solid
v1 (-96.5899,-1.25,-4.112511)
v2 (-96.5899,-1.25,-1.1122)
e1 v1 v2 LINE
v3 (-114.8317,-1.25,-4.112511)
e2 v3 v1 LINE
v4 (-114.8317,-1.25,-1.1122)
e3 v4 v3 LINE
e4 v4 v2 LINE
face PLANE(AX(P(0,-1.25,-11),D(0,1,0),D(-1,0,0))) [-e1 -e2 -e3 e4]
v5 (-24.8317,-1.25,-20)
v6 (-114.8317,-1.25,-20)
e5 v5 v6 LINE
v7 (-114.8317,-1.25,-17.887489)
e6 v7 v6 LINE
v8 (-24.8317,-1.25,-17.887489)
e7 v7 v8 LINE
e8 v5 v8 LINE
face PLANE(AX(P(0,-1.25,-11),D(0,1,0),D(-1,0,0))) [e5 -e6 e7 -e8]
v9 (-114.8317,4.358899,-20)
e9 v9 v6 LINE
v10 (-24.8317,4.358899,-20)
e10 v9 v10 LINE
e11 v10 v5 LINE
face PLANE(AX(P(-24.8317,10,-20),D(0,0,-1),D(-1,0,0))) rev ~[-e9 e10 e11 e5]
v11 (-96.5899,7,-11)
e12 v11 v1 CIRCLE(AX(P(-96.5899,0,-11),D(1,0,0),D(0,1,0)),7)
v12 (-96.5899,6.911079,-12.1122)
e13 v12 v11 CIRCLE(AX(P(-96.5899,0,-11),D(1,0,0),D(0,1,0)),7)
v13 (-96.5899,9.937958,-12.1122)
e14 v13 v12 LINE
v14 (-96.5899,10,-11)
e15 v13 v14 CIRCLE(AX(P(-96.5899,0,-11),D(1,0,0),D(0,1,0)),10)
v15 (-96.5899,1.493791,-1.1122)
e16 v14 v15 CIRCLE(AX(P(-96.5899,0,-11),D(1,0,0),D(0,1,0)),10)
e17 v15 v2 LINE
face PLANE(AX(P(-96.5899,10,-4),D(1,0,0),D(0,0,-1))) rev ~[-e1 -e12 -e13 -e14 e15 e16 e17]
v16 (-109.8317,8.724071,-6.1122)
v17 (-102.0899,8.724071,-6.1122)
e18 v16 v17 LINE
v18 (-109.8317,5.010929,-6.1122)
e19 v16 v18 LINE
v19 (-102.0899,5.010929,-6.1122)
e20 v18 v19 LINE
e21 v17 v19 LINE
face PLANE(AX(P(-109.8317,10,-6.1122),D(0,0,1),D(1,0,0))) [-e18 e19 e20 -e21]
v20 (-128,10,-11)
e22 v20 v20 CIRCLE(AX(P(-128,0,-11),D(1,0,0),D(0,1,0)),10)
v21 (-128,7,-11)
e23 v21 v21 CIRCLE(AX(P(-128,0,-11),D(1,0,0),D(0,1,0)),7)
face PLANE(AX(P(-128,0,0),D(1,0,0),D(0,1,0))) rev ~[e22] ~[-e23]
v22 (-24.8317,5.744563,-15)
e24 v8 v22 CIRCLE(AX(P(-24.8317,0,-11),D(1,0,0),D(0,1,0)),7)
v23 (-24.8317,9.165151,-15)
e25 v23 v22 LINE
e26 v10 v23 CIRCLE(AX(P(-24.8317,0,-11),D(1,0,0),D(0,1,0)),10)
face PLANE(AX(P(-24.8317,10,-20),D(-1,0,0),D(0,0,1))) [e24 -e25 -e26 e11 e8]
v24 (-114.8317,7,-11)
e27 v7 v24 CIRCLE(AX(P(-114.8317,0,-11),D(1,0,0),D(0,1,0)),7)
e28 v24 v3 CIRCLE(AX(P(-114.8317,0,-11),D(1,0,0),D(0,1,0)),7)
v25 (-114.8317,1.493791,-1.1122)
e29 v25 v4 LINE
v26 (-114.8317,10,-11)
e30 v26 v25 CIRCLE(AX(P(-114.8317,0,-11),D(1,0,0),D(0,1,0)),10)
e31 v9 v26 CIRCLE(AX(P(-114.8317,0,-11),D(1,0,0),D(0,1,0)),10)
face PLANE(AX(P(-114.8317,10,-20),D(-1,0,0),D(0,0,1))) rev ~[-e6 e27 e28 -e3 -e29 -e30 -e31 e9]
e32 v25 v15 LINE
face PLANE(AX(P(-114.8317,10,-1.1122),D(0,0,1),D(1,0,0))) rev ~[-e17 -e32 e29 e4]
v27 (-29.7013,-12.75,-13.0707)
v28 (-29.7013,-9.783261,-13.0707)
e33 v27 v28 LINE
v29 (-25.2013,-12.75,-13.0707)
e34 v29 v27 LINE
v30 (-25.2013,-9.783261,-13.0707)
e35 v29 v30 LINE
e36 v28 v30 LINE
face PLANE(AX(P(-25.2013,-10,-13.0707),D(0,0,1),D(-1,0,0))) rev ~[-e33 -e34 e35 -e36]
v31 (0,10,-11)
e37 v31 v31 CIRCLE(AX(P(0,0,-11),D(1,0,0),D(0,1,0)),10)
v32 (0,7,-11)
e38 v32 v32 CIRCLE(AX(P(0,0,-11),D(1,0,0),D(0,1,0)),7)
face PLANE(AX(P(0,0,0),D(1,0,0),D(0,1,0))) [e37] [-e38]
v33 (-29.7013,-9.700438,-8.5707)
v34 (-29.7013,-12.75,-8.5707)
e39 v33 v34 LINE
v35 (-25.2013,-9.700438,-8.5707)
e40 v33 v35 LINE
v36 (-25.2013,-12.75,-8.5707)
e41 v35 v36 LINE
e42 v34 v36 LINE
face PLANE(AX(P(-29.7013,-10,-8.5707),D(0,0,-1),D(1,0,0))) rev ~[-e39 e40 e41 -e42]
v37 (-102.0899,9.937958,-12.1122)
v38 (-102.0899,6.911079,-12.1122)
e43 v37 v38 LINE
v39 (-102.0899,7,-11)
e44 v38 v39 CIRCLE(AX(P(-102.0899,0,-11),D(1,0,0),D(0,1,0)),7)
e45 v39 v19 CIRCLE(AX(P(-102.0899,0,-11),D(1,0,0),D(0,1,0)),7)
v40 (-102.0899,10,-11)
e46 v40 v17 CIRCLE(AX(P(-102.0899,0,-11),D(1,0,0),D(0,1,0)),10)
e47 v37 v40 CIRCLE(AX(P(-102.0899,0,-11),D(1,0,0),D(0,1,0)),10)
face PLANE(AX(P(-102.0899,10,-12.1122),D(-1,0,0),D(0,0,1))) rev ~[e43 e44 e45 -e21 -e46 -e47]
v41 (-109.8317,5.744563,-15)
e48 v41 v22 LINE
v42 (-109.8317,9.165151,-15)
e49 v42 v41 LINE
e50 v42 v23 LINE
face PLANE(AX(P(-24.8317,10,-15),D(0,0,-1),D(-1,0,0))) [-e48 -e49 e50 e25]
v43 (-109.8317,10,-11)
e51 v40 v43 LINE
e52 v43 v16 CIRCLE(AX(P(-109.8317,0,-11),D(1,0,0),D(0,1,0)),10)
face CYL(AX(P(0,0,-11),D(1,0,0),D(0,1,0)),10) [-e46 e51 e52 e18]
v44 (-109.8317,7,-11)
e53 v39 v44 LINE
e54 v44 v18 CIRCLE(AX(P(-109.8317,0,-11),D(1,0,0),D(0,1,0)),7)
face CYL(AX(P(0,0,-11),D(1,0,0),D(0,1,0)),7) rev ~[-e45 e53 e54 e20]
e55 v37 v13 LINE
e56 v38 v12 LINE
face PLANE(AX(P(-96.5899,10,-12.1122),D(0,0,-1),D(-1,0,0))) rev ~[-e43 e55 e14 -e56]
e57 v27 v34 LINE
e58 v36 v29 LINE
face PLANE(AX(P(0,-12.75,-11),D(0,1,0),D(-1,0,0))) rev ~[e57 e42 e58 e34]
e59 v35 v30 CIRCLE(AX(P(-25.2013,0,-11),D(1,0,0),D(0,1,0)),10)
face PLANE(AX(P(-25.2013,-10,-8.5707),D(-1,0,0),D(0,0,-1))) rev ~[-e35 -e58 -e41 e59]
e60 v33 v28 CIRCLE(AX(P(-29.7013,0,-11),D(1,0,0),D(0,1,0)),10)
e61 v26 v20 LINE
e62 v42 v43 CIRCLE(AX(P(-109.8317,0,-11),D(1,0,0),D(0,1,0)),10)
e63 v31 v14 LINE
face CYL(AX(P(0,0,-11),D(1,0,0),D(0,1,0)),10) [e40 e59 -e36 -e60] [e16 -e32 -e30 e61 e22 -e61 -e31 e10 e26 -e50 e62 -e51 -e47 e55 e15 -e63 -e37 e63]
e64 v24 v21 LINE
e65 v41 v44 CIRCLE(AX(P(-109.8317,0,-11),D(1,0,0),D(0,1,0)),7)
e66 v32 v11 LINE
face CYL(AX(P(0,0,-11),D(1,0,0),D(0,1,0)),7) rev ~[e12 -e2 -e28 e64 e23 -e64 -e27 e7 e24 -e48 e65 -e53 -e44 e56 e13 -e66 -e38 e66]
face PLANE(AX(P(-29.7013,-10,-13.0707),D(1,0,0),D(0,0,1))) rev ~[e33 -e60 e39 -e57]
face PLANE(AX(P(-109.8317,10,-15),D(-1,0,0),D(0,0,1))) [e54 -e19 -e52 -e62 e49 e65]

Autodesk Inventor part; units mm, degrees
ref_plane "YZ Plane" through (0, 0, 0) normal (1, 0, 0) x (0, 1, 0)
ref_plane "XY Plane" through (0, 0, 0) normal (0, 0, 1) x (1, 0, 0)
sketch "Schizzo2" plane through (0, 0, 0) normal (1, 0, 0) x (0, 1, 0)
  circle A0 centre (0, -11) radius 10
  point P0 (0, 0)
  dimension "d4" = 11
  dimension "d5" = 20
extrude "Estrusione1" add sketch "Schizzo2" against normal blind 128
shell "Svuotamento1" thickness 3 removed faces 2 at (0, -3.2365, -10.2023) at (-128, -3.2365, -10.2023)
sketch "Schizzo1" plane through (0, 0, 0) normal (0, 1, 0) x (-1, 0, 0)
  line L0 (0, 0) -> (0, -20)
  line L1 (0, -10) -> (128, -10)
  line L2 (128, 0) -> (128, -20)
  line L3 (0, -20) -> (25, -20)
  line L4 (25, -20) -> (128, -20)
  line L5 (128, 0) -> (0, 0)
  dimension "d0" = 20
  dimension "d3" = 25
ref_plane "Piano di lavoro7" through (0, 10, -11) normal (0, 1, 0) x (-1, 0, 0)
sketch "Schizzo13" plane through (0, 10, -11) normal (0, 1, 0) x (-1, 0, 0)
  line L0 (24.8317, -9) -> (114.8317, -9)
  line L1 (24.8317, -9) -> (24.8317, -4)
  line L2 (24.8317, -4) -> (109.8317, -4)
  line L3 (114.8317, -9) -> (114.8317, 9.8878)
  line L4 (0, 7) -> (128, 7) projected
  line L5 (109.8317, -4) -> (109.8317, 4.8878)
  line L6 (114.8317, 9.8878) -> (96.5899, 9.8878)
  line L7 (96.5899, 9.8878) -> (96.5899, -1.1122)
  line L8 (96.5899, -1.1122) -> (102.0899, -1.1122)
  line L9 (102.0899, -1.1122) -> (102.0899, 4.8878)
  line L10 (109.8317, 4.8878) -> (102.0899, 4.8878)
  point P0 (0, 11)
  dimension "d59" = 90
  dimension "d60" = 5
  dimension "d61" = 85
  dimension "d62" = 6
  dimension "d63" = 5
  dimension "d64" = 5.5
  dimension "d65" = 11
extrude "Estrusione7" cut sketch "Schizzo13" against normal blind 11.25
ref_plane "Piano di lavoro8" through (0, -10, -11) normal (0, 1, 0) x (-1, 0, 0)
sketch "Schizzo14" plane through (0, -10, -11) normal (0, 1, 0) x (-1, 0, 0)
  line L0 (25.2013, -2.0707) -> (29.7013, -2.0707)
  line L1 (29.7013, -2.0707) -> (29.7013, 2.4293)
  line L2 (29.7013, 2.4293) -> (25.2013, 2.4293)
  line L3 (25.2013, 2.4293) -> (25.2013, -2.0707)
  point P0 (0, 11)
  dimension "d68" = 4.5
  dimension "d69" = 4.5
extrude "Estrusione8" add sketch "Schizzo14" along normal blind 2.5 and the other way blind 2.75
properties part number "astaoscilla2_(310)"
